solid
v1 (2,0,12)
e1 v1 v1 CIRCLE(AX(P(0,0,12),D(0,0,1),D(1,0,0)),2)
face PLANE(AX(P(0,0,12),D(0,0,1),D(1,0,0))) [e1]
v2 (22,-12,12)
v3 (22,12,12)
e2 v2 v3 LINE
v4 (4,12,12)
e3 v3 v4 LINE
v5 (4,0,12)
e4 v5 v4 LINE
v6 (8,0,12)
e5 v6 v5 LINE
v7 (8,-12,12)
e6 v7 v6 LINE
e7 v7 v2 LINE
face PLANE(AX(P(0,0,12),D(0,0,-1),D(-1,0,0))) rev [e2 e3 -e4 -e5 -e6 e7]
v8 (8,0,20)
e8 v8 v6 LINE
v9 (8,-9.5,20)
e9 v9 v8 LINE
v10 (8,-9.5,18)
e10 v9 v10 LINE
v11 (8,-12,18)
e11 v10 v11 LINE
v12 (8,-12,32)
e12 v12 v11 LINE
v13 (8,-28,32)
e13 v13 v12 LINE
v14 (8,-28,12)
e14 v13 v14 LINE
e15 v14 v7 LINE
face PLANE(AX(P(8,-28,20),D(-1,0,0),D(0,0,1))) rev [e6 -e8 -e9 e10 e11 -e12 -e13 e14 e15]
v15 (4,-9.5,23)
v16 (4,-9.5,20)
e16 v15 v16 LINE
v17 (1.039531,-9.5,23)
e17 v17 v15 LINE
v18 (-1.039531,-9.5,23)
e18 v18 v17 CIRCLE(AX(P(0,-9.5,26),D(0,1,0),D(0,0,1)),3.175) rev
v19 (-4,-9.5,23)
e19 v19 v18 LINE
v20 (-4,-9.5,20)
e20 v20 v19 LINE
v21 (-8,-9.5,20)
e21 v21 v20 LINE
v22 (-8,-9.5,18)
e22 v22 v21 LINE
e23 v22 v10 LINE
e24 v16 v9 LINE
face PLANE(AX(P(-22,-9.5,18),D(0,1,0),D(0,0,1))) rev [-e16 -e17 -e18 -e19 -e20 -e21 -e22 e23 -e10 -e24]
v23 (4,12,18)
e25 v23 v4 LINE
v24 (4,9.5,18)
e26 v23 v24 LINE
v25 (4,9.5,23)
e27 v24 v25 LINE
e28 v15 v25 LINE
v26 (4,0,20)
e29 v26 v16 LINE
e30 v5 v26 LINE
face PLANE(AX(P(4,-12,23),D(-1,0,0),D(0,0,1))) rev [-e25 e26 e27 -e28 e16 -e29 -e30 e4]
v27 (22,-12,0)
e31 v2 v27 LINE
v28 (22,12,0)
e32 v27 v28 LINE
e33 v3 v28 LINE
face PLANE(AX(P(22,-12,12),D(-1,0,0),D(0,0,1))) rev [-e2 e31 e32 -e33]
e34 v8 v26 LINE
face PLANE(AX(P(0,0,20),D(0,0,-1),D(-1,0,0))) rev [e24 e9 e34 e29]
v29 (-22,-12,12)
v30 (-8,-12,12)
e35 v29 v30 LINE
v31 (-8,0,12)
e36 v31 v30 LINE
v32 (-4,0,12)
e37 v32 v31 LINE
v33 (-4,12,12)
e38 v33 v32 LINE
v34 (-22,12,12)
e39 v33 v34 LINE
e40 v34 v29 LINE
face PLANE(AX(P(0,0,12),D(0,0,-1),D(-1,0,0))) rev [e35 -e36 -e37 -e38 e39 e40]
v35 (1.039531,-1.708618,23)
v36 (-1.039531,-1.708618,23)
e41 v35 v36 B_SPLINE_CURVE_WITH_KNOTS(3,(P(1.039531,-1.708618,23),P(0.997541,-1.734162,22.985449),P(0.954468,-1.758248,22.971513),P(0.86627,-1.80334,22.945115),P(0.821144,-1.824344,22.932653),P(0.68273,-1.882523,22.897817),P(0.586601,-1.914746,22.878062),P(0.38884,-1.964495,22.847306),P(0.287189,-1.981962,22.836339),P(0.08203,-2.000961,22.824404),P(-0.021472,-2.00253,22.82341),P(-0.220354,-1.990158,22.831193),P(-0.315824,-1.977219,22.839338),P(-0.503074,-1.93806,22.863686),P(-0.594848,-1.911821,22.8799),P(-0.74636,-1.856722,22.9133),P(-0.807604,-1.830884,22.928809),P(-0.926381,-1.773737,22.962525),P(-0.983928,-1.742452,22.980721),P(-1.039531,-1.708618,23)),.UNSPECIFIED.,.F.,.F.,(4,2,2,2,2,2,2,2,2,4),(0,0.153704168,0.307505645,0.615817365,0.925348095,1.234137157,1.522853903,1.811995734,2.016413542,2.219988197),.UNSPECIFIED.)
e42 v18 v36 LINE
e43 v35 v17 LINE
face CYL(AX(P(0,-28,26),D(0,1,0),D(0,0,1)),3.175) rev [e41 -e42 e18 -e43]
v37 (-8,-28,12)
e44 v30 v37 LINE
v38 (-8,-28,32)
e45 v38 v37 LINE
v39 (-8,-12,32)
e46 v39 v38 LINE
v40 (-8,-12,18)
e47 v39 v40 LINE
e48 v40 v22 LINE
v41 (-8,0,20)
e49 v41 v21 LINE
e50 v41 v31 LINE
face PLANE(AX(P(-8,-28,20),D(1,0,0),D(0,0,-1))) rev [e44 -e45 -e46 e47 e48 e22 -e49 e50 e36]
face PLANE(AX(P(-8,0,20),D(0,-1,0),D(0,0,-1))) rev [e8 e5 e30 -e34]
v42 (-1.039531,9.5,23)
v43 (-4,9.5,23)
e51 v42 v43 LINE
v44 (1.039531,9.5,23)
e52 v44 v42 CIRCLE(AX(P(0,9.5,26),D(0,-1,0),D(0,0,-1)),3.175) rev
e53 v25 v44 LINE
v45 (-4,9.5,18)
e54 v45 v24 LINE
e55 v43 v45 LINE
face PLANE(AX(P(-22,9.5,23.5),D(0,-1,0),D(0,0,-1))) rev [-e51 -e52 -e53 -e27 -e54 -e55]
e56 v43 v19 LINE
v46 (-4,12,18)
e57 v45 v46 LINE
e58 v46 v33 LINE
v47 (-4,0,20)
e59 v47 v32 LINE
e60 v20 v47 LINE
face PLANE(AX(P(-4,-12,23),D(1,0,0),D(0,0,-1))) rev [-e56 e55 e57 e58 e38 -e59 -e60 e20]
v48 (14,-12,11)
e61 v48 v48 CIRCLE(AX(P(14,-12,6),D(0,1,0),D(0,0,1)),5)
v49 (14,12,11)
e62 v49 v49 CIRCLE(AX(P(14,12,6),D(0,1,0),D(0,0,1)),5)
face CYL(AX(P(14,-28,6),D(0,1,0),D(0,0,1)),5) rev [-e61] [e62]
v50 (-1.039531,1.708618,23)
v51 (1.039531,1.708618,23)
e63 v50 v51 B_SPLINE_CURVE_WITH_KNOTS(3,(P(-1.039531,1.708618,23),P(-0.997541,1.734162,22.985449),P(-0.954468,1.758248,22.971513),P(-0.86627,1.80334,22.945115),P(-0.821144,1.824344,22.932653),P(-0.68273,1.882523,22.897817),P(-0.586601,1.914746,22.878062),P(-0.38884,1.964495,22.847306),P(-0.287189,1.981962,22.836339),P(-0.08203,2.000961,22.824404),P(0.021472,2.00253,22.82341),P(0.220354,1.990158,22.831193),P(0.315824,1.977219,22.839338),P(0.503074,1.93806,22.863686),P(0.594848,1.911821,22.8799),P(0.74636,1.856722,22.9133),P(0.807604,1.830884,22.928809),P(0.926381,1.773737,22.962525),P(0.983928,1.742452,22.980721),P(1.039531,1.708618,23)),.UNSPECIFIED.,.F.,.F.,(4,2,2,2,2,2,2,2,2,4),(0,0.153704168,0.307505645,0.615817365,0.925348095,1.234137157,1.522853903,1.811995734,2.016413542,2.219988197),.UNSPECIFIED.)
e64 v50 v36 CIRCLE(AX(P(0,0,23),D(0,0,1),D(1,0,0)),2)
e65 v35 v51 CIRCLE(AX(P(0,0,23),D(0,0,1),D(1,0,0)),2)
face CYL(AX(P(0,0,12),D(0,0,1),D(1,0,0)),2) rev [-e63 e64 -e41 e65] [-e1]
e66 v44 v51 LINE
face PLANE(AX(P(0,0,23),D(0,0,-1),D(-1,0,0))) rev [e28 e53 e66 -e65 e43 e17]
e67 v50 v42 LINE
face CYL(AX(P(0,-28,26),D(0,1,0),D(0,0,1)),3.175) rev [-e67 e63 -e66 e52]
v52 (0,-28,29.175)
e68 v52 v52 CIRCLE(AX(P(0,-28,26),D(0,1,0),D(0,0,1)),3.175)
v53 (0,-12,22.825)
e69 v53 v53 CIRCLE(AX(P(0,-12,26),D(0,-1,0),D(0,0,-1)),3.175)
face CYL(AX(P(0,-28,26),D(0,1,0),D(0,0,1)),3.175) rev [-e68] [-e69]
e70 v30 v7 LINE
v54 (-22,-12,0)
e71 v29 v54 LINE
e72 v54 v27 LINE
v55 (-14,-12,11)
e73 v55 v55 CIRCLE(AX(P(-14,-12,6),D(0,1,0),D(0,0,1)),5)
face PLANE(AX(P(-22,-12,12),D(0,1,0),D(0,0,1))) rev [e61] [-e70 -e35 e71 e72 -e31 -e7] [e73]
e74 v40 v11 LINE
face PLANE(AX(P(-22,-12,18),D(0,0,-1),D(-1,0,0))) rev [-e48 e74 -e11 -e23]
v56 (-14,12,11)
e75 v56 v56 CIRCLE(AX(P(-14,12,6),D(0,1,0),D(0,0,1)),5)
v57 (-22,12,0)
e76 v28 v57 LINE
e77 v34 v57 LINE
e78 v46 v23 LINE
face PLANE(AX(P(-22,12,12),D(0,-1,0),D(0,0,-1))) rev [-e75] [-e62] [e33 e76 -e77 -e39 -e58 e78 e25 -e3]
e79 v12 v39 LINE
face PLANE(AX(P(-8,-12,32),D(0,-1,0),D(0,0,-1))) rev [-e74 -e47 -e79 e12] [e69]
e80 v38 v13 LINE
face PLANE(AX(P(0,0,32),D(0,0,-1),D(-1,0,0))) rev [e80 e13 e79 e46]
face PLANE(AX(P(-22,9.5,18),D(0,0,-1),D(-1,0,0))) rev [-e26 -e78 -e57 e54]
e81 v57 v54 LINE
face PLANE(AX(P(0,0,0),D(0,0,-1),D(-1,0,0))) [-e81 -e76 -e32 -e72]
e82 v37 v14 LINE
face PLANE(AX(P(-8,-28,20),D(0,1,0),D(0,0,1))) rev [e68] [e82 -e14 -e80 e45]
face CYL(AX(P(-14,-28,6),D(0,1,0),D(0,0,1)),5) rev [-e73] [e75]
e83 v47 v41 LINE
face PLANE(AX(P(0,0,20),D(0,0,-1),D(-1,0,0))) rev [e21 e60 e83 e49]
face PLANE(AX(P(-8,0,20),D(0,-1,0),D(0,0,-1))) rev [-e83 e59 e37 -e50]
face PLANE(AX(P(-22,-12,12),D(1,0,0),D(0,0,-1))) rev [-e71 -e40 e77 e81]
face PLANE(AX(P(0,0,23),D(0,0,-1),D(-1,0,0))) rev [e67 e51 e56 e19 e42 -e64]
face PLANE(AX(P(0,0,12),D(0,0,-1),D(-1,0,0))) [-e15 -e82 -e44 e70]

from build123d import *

# Parameters (mm, degrees)
SKETCH1_W                                   = 44
SKETCH1_H                                   = 24
CROSSHEAD_BASE_DEPTH                        = 12
SHOE_UPRISER_START                          = 12
SKETCH2_W                                   = 8
SKETCH2_H                                   = 24
SHOE_UPRISER_DEPTH                          = 11
ADAPTER_BRIDGE_START                        = 12
SKETCH3_W                                   = 16
SKETCH3_H                                   = 28
ADAPTER_BRIDGE_DEPTH                        = 8
THREADED_ROD_ADAPTER_START                  = 20
SKETCH4_W                                   = 16
SKETCH4_H                                   = 16
THREADED_ROD_ADAPTER_DEPTH                  = 12
TWO_BRONZE_BUSH_HOUSINGS_DEPTH              = 48.874836814
TWO_BRONZE_BUSH_HOUSINGS_DEPTH_BACK         = 48.874836814
SKETCH5_R                                   = 5
QUARTER20_ADAPTER_MAJOR_ENVELOPE_DEPTH      = 48.874836814
QUARTER20_ADAPTER_MAJOR_ENVELOPE_DEPTH_BACK = 48.874836814
SKETCH6_R                                   = 3.175
SKETCH7_R                                   = 2
M4_SHOE_THREAD_MAJOR_ENVELOPE_DEPTH         = 11
CROSS_SLOT_BOTTOM_CLEARANCE_DEPTH           = 48.874836873
CROSS_SLOT_BOTTOM_CLEARANCE_DEPTH_BACK      = 48.874836873
SKETCH8_W                                   = 5.5
SKETCH8_H                                   = 2.5
SKETCH8_H_2                                 = 3


with BuildPart() as part:
    # Sketch1 → Crosshead_Base (new body)
    with BuildSketch(Plane.XY):
        Rectangle(SKETCH1_W, SKETCH1_H)
    extrude(amount=CROSSHEAD_BASE_DEPTH)

    # Sketch2 → Shoe_Upriser (add)
    with BuildSketch(Plane.XY.offset(SHOE_UPRISER_START)):
        Rectangle(SKETCH2_W, SKETCH2_H)
    extrude(amount=SHOE_UPRISER_DEPTH)

    # Sketch3 → Adapter_Bridge (add)
    with BuildSketch(Plane.XY.offset(ADAPTER_BRIDGE_START)):
        with Locations((0, -14)):
            Rectangle(SKETCH3_W, SKETCH3_H)
    extrude(amount=ADAPTER_BRIDGE_DEPTH)

    # Sketch4 → Threaded_Rod_Adapter (add)
    with BuildSketch(Plane.XY.offset(THREADED_ROD_ADAPTER_START)):
        with Locations((0, -20)):
            Rectangle(SKETCH4_W, SKETCH4_H)
    extrude(amount=THREADED_ROD_ADAPTER_DEPTH)

    # Sketch5 → Two_Bronze_Bush_Housings (cut, two sides: drawn at the far end of the back side and taken through both)
    with BuildSketch(Plane(origin=(0, 0, 0), x_dir=(1, 0, 0), z_dir=(0, 1, 0)).offset(-TWO_BRONZE_BUSH_HOUSINGS_DEPTH_BACK)):
        with Locations(Location((-14, -6, 0), (0, 0, 270))):
            Circle(SKETCH5_R)
        with Locations(Location((14, -6, 0), (0, 0, 270))):
            Circle(SKETCH5_R)
    extrude(amount=TWO_BRONZE_BUSH_HOUSINGS_DEPTH + TWO_BRONZE_BUSH_HOUSINGS_DEPTH_BACK, mode=Mode.SUBTRACT)

    # Sketch6 → Quarter20_Adapter_Major_Envelope (cut, two sides: drawn at the far end of the back side and taken through both)
    with BuildSketch(Plane(origin=(0, 0, 0), x_dir=(1, 0, 0), z_dir=(0, 1, 0)).offset(-QUARTER20_ADAPTER_MAJOR_ENVELOPE_DEPTH_BACK)):
        with Locations(Location((0, -26, 0), (0, 0, 270))):
            Circle(SKETCH6_R)
    extrude(amount=QUARTER20_ADAPTER_MAJOR_ENVELOPE_DEPTH + QUARTER20_ADAPTER_MAJOR_ENVELOPE_DEPTH_BACK, mode=Mode.SUBTRACT)

    # Sketch7 → M4_Shoe_Thread_Major_Envelope (cut)
    with BuildSketch(Plane.XY.offset(23)):
        Circle(SKETCH7_R)
    extrude(amount=-M4_SHOE_THREAD_MAJOR_ENVELOPE_DEPTH, mode=Mode.SUBTRACT)

    # Sketch8 → Cross_Slot_Bottom_Clearance (cut, two sides: drawn at the far end of the back side and taken through both)
    with BuildSketch(Plane(origin=(0, 0, 0), x_dir=(0, 0, -1), z_dir=(1, 0, 0)).offset(-CROSS_SLOT_BOTTOM_CLEARANCE_DEPTH_BACK)):
        with Locations((-20.75, -10.75)):
            Rectangle(SKETCH8_W, SKETCH8_H)
        with Locations((-20.75, 11)):
            Rectangle(SKETCH8_W, SKETCH8_H_2)
    extrude(amount=CROSS_SLOT_BOTTOM_CLEARANCE_DEPTH + CROSS_SLOT_BOTTOM_CLEARANCE_DEPTH_BACK, mode=Mode.SUBTRACT)


solid = part.part
